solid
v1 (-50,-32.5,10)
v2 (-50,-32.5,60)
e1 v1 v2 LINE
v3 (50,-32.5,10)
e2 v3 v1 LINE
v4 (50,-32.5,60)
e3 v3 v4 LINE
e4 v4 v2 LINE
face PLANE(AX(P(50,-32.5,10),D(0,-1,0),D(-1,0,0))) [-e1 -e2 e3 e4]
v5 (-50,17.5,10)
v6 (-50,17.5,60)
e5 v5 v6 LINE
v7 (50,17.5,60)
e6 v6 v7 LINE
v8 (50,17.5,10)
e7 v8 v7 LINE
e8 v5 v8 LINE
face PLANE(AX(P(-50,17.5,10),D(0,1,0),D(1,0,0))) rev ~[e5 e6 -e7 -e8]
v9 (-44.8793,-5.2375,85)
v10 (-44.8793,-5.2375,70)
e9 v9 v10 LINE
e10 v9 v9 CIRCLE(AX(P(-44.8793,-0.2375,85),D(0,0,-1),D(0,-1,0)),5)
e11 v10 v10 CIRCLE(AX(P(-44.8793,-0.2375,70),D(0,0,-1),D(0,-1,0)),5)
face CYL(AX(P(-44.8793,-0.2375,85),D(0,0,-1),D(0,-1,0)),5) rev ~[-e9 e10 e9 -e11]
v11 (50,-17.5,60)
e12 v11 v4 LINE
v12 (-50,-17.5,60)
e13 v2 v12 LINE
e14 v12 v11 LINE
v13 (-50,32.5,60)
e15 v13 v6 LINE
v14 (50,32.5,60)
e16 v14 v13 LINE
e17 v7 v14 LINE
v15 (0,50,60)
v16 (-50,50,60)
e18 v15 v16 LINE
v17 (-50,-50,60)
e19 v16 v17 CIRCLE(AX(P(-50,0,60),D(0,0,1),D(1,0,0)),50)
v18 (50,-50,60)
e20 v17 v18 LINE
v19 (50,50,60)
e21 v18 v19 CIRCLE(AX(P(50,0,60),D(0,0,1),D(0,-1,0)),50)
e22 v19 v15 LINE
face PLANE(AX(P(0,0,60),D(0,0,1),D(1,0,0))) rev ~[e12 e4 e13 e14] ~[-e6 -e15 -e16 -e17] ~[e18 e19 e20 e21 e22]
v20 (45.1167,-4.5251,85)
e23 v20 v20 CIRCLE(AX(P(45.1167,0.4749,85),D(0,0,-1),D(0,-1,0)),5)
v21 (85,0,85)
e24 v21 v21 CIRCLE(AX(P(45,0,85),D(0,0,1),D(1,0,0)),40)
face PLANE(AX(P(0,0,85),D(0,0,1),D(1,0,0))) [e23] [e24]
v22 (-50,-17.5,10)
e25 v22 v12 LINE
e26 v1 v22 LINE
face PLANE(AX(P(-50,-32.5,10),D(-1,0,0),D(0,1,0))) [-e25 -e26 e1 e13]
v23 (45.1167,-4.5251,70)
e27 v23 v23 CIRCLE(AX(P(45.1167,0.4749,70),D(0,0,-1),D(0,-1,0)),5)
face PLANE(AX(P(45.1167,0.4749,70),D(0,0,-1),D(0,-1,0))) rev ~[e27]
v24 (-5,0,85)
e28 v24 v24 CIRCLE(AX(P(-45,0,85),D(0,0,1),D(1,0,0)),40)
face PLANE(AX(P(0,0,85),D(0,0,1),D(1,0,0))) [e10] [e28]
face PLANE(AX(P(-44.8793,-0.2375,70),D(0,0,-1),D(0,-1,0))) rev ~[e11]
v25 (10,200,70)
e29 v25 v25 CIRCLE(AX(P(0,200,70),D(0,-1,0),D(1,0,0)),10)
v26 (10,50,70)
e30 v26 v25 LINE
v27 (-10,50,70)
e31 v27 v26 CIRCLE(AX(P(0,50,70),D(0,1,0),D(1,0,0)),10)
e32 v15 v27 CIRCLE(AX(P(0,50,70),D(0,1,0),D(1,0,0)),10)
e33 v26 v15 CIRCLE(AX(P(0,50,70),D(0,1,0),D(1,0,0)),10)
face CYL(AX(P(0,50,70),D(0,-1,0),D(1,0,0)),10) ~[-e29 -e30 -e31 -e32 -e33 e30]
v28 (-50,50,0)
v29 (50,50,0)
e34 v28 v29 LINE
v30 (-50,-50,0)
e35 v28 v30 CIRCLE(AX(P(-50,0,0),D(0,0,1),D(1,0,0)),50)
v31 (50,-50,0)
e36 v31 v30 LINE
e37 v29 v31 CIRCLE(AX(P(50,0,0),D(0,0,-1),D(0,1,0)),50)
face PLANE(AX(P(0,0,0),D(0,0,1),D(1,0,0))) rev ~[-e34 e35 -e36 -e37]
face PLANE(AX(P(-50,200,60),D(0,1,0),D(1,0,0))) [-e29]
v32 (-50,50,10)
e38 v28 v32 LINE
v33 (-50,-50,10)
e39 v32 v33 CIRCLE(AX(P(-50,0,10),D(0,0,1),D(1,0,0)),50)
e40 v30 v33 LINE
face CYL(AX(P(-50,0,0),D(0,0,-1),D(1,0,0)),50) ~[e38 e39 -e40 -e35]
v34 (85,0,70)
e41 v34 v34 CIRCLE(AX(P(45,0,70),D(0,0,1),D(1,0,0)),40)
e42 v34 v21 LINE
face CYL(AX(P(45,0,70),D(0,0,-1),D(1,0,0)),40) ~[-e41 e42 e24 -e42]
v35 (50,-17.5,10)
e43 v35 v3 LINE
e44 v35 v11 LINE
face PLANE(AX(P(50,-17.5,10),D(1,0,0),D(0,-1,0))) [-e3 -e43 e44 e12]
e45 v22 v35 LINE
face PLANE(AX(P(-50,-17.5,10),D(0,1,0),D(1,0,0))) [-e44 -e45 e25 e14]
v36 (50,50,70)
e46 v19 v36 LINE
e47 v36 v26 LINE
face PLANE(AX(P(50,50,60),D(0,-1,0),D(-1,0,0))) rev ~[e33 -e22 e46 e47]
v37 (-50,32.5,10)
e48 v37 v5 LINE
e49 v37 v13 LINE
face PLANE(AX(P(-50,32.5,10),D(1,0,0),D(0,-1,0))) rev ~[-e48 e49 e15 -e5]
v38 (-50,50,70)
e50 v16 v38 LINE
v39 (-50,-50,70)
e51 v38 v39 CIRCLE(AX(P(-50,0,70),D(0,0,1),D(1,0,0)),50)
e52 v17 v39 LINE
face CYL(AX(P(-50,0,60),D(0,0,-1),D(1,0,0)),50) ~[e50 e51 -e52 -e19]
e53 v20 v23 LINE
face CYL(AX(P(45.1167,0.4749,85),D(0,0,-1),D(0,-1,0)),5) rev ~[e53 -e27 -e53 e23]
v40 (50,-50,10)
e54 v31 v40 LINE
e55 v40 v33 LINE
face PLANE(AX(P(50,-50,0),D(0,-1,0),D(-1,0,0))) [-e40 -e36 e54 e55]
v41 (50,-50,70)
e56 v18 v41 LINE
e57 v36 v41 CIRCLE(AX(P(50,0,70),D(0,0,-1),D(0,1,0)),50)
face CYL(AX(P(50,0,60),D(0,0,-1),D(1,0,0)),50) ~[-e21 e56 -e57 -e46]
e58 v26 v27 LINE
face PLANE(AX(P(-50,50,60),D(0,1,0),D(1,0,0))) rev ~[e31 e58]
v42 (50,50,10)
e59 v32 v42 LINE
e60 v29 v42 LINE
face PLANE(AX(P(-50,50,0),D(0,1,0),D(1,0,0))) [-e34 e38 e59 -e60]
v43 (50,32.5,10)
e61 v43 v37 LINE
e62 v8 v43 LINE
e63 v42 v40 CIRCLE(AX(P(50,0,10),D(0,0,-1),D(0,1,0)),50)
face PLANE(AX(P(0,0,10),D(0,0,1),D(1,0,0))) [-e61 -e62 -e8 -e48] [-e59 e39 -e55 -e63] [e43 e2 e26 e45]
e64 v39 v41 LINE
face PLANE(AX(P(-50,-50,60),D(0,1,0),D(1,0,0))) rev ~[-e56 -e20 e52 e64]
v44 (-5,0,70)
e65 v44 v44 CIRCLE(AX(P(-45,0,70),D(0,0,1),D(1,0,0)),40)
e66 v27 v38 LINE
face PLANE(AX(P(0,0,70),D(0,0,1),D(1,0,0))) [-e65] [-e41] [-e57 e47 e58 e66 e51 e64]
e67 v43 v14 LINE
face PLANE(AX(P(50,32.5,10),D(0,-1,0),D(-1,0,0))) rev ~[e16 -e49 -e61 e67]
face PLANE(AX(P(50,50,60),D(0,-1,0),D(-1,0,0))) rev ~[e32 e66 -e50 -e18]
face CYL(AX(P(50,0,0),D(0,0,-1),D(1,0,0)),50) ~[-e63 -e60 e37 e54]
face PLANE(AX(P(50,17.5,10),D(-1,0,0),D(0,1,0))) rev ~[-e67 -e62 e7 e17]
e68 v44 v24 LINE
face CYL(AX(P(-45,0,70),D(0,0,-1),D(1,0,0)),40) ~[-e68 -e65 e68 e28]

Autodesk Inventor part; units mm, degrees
ref_plane "YZ Plane" through (0, 0, 0) normal (1, 0, 0) x (0, 1, 0)
ref_plane "XZ Plane" through (0, 0, 0) normal (0, 1, 0) x (-1, 0, 0)
ref_plane "XY Plane" through (0, 0, 0) normal (0, 0, 1) x (1, 0, 0)
sketch "Sketch24" plane through (0, 0, 0) normal (0, 0, 1) x (1, 0, 0)
  line L0 (50, -50) -> (-50, -50)
  line L1 (-50, -50) -> (-50, 50)
  line L2 (-50, 50) -> (50, 50)
  line L3 (50, 50) -> (50, -50)
  line L4 (50, -50) -> (-50, 50) construction
  line L5 (-50, -50) -> (50, 50) construction
  circle A0 centre (50, 0) radius 50
  circle A1 centre (-50, 0) radius 50
  point P0 (0, 0)
  dimension "d55" = 100
  dimension "d56" = 100
  dimension "d57" = 100
  dimension "d58" = 100
extrude "Extrusion9" add sketch "Sketch24" along normal blind 10
sketch "Sketch25" plane through (0, 0, 10) normal (0, 0, 1) x (1, 0, 0)
  line L0 (50, 32.5) -> (-50, 32.5)
  line L1 (-50, 32.5) -> (-50, 17.5)
  line L2 (-50, 17.5) -> (50, 17.5)
  line L3 (50, 17.5) -> (50, 32.5)
  line L4 (50, 32.5) -> (-50, 17.5) construction
  line L5 (-50, 32.5) -> (50, 17.5) construction
  line L6 (50, -32.5) -> (-50, -32.5)
  line L7 (-50, -32.5) -> (-50, -17.5)
  line L8 (-50, -17.5) -> (50, -17.5)
  line L9 (50, -17.5) -> (50, -32.5)
  line L10 (50, -32.5) -> (-50, -17.5) construction
  line L11 (-50, -32.5) -> (50, -17.5) construction
  point P0 (0, 0)
  point P1 (0, 25)
  point P2 (0, -25)
  dimension "d61" = 100
  dimension "d62" = 15
  dimension "d63" = 15
extrude "Extrusion10" add sketch "Sketch25" along normal blind 50
sketch "Sketch38" plane through (0, 0, 60) normal (0, 0, 1) x (1, 0, 0)
  point P0 (0, 0)
sketch "Sketch39" plane through (0, 0, 10) normal (0, 0, 1) x (1, 0, 0)
  line L0 (-50, 17.5) -> (50, 17.5) projected
  point P0 (0, 0)
  dimension "d78" = 17.5
sketch "Sketch40" plane through (0, 0, 60) normal (0, 0, 1) x (1, 0, 0)
  line L0 (50, 50) -> (-50, 50)
  line L1 (-50, 50) -> (-50, -50)
  line L2 (-50, -50) -> (50, -50)
  line L3 (50, -50) -> (50, 50)
  line L4 (50, 50) -> (-50, -50) construction
  line L5 (-50, 50) -> (50, -50) construction
  circle A0 centre (50, 0) radius 50
  circle A1 centre (-50, 0) radius 50
  point P0 (0, 0)
  dimension "d79" = 100
  dimension "d80" = 100
  dimension "d81" = 100
  dimension "d82" = 100
extrude "Extrusion12" add sketch "Sketch40" along normal blind 10
sketch "Sketch43" plane through (0, 0, 70) normal (0, 0, 1) x (1, 0, 0)
  circle A0 centre (45, 0) radius 40
  circle A1 centre (-45, 0) radius 40
  point P0 (0, 0)
  dimension "d87" = 80
  dimension "d88" = 80
extrude "Extrusion13" add sketch "Sketch43" along normal blind 15
thread "Thread1" size "G 3/4-14" class "A" standard "BSP Pipe Threads" length 15
thread "Thread2" size "G 3/4-14" class "A" standard "BSP Pipe Threads" length 15
sketch "Sketch44" plane through (-45, 0, 85) normal (0, 0, 1) x (1, 0, 0)
  point P0 (45, 0)
  point P1 (0.1207, -0.2375)
hole "Hole1" at (-44.8793, -0.2375, 85) direction (0, 0, -1) diameter 10 depth 15
sketch "Sketch45" plane through (45, 0, 85) normal (0, 0, 1) x (1, 0, 0)
  point P0 (-45, 0)
  point P1 (0.1167, 0.4749)
hole "Hole2" at (45.1167, 0.4749, 85) direction (0, 0, -1) diameter 10 depth 15
sketch "Sketch49" plane through (0, 0, 70) normal (0, 0, 1) x (1, 0, 0)
  line L0 (-50, -50) -> (50, -50) projected
  line L1 (-4.7625, -50) -> (-4.7625, -90.4738)
  line L2 (5.1887, -50) -> (5.1887, -90.4738)
  line L3 (5.1887, -90.4738) -> (24.8137, -70.2369) construction
  line L4 (24.8137, -70.2369) -> (-4.7625, -90.4738) construction
  spline S0 degree 2 poles (5.1887, -90.4738) (24.8137, -70.2369) (-4.7625, -90.4738) knots 1 1 1 2 2 2
  point P0 (0, 0)
sketch "Sketch50" plane through (-50, 50, 60) normal (0, 1, 0) x (1, 0, 0)
  line L0 (0, -10) -> (100, -10) projected
  circle A0 centre (50, -10) radius 10
  point P0 (50, 60)
  dimension "d110" = 20
extrude "Extrusion14" add sketch "Sketch50" along normal blind 150
properties part number "base"
